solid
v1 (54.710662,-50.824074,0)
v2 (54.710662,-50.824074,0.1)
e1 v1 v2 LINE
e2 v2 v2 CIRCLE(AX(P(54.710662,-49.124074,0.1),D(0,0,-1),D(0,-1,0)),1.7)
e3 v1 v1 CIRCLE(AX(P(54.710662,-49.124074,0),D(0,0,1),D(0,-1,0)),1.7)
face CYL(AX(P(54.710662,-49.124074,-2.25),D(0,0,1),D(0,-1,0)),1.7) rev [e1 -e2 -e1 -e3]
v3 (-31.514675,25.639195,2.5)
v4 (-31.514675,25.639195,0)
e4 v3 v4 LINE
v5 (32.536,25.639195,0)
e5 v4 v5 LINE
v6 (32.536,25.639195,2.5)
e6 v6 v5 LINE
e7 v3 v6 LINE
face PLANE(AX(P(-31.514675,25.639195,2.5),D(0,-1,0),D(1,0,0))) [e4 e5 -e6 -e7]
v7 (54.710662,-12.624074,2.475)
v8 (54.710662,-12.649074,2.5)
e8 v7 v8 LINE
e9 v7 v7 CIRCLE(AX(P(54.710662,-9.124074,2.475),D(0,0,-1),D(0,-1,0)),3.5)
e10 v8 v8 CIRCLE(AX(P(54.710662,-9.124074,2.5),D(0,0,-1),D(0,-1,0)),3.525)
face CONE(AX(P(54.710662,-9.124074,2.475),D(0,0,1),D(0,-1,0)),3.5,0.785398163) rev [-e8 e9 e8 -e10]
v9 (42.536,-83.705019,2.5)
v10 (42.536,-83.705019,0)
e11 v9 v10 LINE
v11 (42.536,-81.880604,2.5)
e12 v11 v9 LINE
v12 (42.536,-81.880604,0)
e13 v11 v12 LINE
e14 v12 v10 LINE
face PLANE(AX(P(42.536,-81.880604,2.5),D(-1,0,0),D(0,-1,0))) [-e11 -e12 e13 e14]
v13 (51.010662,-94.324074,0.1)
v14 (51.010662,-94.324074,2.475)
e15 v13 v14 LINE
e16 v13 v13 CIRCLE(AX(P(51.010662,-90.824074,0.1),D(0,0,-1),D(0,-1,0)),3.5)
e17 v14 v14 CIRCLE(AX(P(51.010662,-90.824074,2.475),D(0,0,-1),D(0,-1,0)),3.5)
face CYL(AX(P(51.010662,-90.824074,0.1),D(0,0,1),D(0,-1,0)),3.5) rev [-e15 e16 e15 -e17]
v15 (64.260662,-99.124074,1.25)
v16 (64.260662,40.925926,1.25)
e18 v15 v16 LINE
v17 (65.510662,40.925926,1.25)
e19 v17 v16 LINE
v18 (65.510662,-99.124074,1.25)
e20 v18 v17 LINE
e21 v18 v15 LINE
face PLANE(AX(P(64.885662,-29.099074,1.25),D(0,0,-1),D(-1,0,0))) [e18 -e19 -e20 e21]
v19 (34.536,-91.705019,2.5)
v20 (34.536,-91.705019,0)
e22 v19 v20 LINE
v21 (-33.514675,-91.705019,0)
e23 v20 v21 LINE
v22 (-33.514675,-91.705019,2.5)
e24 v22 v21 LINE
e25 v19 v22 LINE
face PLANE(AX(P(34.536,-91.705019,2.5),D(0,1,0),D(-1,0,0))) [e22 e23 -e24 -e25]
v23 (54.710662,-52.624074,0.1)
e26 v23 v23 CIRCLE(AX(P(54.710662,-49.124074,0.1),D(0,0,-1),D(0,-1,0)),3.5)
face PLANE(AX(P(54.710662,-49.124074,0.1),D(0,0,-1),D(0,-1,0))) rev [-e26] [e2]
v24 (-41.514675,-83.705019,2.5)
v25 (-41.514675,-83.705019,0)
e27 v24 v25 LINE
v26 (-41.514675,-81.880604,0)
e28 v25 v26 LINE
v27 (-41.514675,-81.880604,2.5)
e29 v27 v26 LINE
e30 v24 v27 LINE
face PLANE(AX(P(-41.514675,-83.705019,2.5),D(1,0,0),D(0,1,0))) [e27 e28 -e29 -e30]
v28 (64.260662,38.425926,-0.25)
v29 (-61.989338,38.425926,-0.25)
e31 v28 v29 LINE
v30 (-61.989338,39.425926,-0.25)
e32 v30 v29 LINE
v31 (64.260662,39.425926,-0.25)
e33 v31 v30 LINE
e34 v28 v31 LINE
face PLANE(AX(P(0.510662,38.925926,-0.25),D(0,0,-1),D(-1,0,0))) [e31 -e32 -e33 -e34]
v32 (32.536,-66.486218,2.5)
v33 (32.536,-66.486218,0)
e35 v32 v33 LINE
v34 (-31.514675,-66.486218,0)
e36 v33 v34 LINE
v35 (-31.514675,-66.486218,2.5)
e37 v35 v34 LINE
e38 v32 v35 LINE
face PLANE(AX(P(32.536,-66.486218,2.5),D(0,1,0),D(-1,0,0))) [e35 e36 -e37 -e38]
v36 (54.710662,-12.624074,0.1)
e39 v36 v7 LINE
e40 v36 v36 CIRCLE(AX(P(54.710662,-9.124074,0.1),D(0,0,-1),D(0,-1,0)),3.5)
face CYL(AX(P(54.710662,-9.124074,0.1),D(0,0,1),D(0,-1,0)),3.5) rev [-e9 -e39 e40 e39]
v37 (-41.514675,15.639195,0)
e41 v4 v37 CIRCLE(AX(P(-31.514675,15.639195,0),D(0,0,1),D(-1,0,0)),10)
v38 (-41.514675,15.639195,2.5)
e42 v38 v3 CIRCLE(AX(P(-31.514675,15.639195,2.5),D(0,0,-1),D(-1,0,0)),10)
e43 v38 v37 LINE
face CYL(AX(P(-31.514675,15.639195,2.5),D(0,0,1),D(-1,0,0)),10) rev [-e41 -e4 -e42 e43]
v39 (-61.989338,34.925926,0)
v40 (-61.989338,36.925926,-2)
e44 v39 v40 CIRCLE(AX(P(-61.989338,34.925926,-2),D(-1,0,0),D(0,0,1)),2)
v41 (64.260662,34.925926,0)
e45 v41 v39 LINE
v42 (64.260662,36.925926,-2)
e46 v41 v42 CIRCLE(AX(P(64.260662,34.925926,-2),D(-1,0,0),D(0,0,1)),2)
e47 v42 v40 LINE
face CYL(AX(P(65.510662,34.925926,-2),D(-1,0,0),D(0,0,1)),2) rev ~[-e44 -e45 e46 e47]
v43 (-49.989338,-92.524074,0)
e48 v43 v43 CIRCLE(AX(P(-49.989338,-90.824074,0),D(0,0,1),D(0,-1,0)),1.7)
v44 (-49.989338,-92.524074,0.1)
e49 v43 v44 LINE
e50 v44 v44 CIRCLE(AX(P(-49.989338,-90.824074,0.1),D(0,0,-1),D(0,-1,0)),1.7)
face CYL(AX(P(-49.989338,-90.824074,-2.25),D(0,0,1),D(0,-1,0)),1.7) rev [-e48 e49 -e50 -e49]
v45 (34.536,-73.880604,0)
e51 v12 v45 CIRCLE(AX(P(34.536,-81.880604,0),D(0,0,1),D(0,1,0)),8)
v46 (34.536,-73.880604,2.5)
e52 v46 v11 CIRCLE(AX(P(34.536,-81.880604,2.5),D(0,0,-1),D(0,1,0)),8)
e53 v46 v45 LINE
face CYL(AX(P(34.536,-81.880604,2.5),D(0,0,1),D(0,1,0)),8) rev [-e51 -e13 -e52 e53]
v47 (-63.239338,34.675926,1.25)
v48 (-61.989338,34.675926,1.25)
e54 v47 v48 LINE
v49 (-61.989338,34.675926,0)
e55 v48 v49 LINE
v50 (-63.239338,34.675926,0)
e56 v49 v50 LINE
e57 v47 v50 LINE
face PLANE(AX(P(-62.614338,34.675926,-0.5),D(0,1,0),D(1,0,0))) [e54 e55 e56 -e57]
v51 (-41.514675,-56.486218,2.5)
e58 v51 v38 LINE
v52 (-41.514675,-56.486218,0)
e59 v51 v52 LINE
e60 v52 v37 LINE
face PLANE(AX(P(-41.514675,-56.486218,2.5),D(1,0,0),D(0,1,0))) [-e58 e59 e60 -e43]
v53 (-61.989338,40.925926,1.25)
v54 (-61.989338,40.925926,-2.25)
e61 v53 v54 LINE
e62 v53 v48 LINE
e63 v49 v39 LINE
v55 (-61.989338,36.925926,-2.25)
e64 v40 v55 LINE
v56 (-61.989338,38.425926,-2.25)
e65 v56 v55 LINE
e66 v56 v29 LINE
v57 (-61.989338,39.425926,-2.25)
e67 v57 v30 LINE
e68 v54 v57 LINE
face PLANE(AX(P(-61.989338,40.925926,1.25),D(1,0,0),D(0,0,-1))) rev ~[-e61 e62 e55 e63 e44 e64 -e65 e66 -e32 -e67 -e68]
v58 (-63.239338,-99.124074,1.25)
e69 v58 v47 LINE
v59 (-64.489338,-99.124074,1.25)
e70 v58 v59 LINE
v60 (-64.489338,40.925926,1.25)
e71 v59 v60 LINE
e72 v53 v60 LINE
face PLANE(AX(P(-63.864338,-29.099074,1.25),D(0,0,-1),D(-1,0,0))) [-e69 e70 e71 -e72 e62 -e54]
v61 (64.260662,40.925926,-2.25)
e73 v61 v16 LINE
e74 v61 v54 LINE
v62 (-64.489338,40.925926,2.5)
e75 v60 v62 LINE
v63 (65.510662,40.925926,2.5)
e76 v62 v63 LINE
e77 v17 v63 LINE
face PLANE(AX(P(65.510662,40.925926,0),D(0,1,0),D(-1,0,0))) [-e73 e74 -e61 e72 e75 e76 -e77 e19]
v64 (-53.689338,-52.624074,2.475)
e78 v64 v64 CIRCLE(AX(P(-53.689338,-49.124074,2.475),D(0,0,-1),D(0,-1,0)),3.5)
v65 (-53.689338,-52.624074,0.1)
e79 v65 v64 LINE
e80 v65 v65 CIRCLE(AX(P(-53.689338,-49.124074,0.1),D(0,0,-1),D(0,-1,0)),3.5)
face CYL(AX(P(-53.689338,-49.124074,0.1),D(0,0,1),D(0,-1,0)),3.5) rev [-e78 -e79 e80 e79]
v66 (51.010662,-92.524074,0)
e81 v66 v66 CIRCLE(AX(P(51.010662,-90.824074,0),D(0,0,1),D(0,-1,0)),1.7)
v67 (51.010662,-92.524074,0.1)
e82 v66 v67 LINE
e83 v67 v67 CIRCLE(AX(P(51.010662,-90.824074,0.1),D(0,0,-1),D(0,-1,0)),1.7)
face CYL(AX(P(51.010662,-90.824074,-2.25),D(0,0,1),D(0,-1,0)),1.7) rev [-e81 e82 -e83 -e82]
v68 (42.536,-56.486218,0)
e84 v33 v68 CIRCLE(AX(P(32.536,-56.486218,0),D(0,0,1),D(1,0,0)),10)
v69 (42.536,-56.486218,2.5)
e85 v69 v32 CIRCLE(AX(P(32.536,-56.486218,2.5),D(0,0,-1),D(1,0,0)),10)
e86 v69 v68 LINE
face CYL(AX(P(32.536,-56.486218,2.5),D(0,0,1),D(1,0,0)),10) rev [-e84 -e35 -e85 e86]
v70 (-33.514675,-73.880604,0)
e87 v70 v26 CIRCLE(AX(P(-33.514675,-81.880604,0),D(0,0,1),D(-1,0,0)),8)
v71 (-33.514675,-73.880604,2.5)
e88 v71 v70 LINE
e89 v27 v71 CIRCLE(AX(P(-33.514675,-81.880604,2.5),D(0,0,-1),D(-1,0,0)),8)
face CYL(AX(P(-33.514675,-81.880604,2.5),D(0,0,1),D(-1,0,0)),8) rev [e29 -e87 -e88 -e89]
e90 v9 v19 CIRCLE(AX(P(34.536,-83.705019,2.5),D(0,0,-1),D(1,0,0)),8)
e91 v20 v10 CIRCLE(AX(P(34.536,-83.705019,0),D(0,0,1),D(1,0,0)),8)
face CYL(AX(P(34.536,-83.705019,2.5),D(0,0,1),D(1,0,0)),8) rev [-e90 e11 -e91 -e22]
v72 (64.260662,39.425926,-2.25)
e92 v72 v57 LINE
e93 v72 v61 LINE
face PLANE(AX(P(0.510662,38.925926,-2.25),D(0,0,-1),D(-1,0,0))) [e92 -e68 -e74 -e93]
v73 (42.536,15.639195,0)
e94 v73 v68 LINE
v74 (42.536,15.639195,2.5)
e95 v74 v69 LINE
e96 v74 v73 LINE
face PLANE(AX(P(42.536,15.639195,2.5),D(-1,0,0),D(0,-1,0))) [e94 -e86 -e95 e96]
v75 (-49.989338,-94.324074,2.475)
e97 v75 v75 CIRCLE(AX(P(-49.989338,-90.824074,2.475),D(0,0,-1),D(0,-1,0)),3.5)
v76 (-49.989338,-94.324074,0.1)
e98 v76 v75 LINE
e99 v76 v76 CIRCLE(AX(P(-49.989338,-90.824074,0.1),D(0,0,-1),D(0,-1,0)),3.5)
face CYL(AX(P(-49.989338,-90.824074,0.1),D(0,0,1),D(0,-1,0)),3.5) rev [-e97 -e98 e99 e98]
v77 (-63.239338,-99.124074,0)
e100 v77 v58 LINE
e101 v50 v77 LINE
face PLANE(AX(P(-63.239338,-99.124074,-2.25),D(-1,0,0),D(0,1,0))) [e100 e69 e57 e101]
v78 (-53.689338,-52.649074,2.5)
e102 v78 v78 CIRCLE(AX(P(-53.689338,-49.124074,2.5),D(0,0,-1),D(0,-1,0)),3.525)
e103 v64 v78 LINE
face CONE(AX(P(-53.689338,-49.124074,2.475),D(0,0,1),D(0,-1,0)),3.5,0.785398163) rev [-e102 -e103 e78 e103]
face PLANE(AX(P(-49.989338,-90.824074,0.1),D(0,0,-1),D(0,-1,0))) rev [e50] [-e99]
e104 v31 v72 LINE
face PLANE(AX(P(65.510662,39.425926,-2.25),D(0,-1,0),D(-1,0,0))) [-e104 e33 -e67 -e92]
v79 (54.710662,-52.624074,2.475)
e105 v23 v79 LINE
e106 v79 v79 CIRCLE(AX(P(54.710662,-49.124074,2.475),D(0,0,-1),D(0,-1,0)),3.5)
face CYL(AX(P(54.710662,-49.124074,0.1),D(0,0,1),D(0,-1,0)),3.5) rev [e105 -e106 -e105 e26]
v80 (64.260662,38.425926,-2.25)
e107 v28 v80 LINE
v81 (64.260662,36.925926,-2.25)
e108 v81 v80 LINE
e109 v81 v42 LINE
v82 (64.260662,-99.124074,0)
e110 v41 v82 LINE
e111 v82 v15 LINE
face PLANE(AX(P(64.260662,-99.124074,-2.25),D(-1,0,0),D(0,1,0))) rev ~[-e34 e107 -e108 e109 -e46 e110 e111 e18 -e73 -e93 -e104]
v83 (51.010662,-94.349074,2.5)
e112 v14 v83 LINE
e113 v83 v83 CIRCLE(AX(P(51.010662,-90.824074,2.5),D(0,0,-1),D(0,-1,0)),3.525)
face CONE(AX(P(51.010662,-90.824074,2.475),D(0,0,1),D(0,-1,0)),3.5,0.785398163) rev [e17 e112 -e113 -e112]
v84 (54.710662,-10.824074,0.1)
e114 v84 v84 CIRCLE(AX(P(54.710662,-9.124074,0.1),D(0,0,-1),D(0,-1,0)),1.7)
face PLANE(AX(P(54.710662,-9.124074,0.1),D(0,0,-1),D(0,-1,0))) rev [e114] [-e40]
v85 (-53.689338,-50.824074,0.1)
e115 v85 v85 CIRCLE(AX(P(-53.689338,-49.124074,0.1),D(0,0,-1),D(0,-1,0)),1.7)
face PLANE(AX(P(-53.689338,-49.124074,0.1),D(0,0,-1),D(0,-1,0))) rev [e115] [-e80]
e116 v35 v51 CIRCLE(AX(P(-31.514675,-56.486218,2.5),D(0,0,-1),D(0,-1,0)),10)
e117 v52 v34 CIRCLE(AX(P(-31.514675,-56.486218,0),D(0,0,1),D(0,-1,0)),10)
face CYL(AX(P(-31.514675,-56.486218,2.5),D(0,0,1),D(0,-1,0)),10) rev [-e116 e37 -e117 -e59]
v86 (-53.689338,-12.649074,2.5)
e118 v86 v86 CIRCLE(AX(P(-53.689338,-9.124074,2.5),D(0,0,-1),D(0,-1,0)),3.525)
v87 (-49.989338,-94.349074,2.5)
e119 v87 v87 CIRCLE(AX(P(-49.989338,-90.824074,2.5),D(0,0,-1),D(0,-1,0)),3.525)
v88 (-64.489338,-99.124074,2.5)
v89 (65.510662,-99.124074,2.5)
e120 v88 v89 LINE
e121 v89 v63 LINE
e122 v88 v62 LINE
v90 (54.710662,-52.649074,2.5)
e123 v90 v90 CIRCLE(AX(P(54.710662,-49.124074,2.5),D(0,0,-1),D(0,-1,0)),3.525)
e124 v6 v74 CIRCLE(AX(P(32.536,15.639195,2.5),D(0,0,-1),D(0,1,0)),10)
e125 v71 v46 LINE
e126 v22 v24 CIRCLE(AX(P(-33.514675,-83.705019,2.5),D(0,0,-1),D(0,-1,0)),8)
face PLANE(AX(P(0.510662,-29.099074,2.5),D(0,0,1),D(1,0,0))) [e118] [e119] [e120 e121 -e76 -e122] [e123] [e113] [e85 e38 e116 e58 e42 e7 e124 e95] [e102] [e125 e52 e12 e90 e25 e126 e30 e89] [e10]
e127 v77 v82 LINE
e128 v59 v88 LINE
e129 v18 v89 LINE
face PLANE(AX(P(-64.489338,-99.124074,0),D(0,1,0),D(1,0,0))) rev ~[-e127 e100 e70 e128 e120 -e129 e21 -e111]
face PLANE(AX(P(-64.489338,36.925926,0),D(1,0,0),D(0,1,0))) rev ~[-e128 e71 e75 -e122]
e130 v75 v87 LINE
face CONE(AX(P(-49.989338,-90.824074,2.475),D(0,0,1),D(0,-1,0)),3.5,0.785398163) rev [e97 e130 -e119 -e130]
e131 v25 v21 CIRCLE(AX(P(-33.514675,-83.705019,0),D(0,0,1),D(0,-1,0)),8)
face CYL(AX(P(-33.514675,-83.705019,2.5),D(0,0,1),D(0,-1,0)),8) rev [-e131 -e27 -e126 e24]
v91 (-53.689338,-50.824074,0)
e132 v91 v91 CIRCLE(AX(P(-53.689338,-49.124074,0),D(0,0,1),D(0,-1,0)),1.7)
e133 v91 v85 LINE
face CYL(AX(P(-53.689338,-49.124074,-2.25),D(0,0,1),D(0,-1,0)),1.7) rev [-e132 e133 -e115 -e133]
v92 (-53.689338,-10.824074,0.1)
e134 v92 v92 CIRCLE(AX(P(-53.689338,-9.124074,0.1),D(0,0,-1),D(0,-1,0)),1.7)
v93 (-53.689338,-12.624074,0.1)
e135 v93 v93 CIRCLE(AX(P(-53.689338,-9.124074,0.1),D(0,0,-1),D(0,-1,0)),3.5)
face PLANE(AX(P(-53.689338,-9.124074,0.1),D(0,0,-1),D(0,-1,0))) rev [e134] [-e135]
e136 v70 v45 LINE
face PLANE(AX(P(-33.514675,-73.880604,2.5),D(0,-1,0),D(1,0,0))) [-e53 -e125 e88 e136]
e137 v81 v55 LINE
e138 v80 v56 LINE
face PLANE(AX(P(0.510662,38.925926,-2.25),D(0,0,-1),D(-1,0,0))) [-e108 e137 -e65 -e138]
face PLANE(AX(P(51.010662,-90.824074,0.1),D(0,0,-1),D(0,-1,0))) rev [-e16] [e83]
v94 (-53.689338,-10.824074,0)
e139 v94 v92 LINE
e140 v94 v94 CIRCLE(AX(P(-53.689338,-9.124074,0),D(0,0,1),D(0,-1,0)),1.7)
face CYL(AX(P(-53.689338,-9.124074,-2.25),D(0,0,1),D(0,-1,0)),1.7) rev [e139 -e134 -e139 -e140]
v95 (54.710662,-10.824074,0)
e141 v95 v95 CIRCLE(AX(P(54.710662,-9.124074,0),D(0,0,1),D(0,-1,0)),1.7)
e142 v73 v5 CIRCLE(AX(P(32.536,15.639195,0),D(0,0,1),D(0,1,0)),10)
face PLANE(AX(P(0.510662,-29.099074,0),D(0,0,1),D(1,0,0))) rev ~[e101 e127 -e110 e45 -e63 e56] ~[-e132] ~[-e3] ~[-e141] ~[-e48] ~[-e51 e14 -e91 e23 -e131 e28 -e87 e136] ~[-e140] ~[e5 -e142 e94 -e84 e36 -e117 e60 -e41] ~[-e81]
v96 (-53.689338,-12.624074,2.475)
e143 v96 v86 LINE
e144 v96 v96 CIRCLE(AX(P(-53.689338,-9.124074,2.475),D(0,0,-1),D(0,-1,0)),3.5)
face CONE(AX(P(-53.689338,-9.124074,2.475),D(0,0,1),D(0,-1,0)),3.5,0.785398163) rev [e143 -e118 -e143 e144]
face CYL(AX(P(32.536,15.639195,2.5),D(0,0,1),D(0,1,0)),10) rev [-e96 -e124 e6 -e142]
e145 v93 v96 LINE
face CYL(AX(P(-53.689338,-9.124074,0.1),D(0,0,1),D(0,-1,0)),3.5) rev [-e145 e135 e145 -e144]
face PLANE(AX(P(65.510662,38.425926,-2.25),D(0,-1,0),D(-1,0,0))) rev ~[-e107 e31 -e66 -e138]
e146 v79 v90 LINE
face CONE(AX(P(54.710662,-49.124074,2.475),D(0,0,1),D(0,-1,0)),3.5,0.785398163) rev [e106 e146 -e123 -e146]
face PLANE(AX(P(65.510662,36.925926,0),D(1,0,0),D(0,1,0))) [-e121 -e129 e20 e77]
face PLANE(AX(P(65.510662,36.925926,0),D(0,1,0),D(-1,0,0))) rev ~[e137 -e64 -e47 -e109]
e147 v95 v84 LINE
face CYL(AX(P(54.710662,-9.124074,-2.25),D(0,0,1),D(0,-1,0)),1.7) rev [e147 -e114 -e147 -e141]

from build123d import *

# Parameters (mm, degrees)
ESBO_O1_W                                      = 130
ESBO_O1_H                                      = 140.05
RESSALTO_EXTRUS_O1_DEPTH                       = 2.5
ESBO_O2_W                                      = 130
ESBO_O2_H                                      = 4
RESSALTO_EXTRUS_O2_DEPTH                       = 2.25
FILETE1_R                                      = 2
ESBO_O3_W                                      = 130
ESBO_O3_H                                      = 1
CORTE_EXTRUS_O1_DEPTH                          = 2
ESBO_O6_W                                      = 1.25
ESBO_O6_H                                      = 140.05
CORTE_EXTRUS_O2_DEPTH                          = 3.5
ESBO_O8_W                                      = 1.25
ESBO_O8_H                                      = 3.5
CORTE_EXTRUS_O3_DEPTH                          = 6.25
REBAIXO_PARA_PARAFUSO_COM_CABE_A_PAN_2_COUNT   = 2
REBAIXO_PARA_PARAFUSO_COM_CABE_A_PAN_2_PITCH   = 40
REBAIXO_PARA_PARAFUSO_COM_CABE_A_PAN_3_COUNT   = 2
REBAIXO_PARA_PARAFUSO_COM_CABE_A_PAN_3_PITCH   = 108.4
REBAIXO_PARA_PARAFUSO_COM_CABE_A_PAN_4_COUNT   = 2
REBAIXO_PARA_PARAFUSO_COM_CABE_A_PAN_4_PITCH   = 115.544623415
CORTE_EXTRUS_O5_DEPTH                          = 8.25
REBAIXO_PARA_PARAFUSO_COM_CABE_A_PAN_5_A_COUNT = 2
REBAIXO_PARA_PARAFUSO_COM_CABE_A_PAN_5_A_PITCH = 101


with BuildPart() as part:
    # Esboço1 → Ressalto-extrusão1 (new body)
    with BuildSketch(Plane.XY):
        with Locations((0.510662177, -29.099074074)):
            Rectangle(ESBO_O1_W, ESBO_O1_H)
    extrude(amount=RESSALTO_EXTRUS_O1_DEPTH)

    # Esboço2 → Ressalto-extrusão2 (add)
    with BuildSketch(Plane(origin=(0, 0, 0), x_dir=(-1, 0, 0), z_dir=(0, 0, -1))):
        with Locations((-0.510662177, 38.925925926)):
            Rectangle(ESBO_O2_W, ESBO_O2_H)
    extrude(amount=RESSALTO_EXTRUS_O2_DEPTH)

    # Filete1
    filete1_edges = [part.edges().sort_by_distance(p)[0] for p in [
        (0.510662177, 36.925925926, 0),
    ]]
    fillet(filete1_edges, radius=FILETE1_R)

    # Esboço3 → Corte-extrusão1 (cut)
    with BuildSketch(Plane(origin=(0, 0, -2.25), x_dir=(-1, 0, 0), z_dir=(0, 0, -1))):
        with Locations((-0.510662177, 38.925925926)):
            Rectangle(ESBO_O3_W, ESBO_O3_H)
    extrude(amount=-CORTE_EXTRUS_O1_DEPTH, mode=Mode.SUBTRACT)

    # Esboço6 → Corte-extrusão2 (cut)
    with BuildSketch(Plane(origin=(0, 0, -2.25), x_dir=(-1, 0, 0), z_dir=(0, 0, -1))):
        with Locations((-64.885662177, -29.099074074)):
            Rectangle(ESBO_O6_W, ESBO_O6_H)
        with Locations((63.864337823, -29.099074074)):
            Rectangle(ESBO_O6_W, ESBO_O6_H)
    extrude(amount=-CORTE_EXTRUS_O2_DEPTH, mode=Mode.SUBTRACT)

    # Esboço8 → Corte-extrusão3 (cut)
    with BuildSketch(Plane(origin=(0, 40.925925926, 0), x_dir=(1, 0, 0), z_dir=(0, 1, 0))):
        with Locations((-62.614337823, 0.5)):
            Rectangle(ESBO_O8_W, ESBO_O8_H)
    extrude(amount=-CORTE_EXTRUS_O3_DEPTH, mode=Mode.SUBTRACT)

    # Esboço12 → Rebaixo para parafuso com cabe_a panela (revolve, cut)
    with BuildSketch(Plane(origin=(-53.689337823, -9.124074074, 2.5), x_dir=(0, -1, 0), z_dir=(1, 0, 0))):
        Polygon((0, 0), (0, 4.75), (1.7, 4.75), (1.7, 2.4), (3.5, 2.4), (3.5, 0.025), (3.525, 0), align=None)
    rebaixo_para_parafuso_com_cabe_a_panela = revolve(axis=Axis((-53.689337823, -9.124074074, 8.85), (0, 0, -1)), mode=Mode.SUBTRACT)

    # Rebaixo para parafuso com cabe_a pan 2: Rebaixo para parafuso com cabe_a panela ×2
    with Locations(*[(0, -i * REBAIXO_PARA_PARAFUSO_COM_CABE_A_PAN_2_PITCH, 0) for i in range(1, REBAIXO_PARA_PARAFUSO_COM_CABE_A_PAN_2_COUNT)]):
        add(rebaixo_para_parafuso_com_cabe_a_panela, mode=Mode.SUBTRACT)

    # Rebaixo para parafuso com cabe_a pan 3: Rebaixo para parafuso com cabe_a panela ×2
    with Locations(*[(i * REBAIXO_PARA_PARAFUSO_COM_CABE_A_PAN_3_PITCH, 0, 0) for i in range(1, REBAIXO_PARA_PARAFUSO_COM_CABE_A_PAN_3_COUNT)]):
        add(rebaixo_para_parafuso_com_cabe_a_panela, mode=Mode.SUBTRACT)

    # Rebaixo para parafuso com cabe_a pan 4: Rebaixo para parafuso com cabe_a panela ×2
    with Locations(*[Vector(0.9381656783035653, -0.3461865971599872, 0) * (i * REBAIXO_PARA_PARAFUSO_COM_CABE_A_PAN_4_PITCH) for i in range(1, REBAIXO_PARA_PARAFUSO_COM_CABE_A_PAN_4_COUNT)]):
        add(rebaixo_para_parafuso_com_cabe_a_panela, mode=Mode.SUBTRACT)

    # Esboço13 → Corte-extrusão5 (cut)
    with BuildSketch(Plane.XY.offset(2.5)):
        with BuildLine():
            Line((32.535999817, -66.48621762), (-31.514675462, -66.48621762))
            ThreePointArc((-31.514675462, -66.48621762), (-38.585743274, -63.557285432), (-41.514675462, -56.48621762))
            Line((-41.514675462, -56.48621762), (-41.514675462, 15.639195022))
            ThreePointArc((-41.514675462, 15.639195022), (-38.585743274, 22.710262834), (-31.514675462, 25.639195022))
            Line((-31.514675462, 25.639195022), (32.535999817, 25.639195022))
            ThreePointArc((32.535999817, 25.639195022), (39.607067629, 22.710262834), (42.535999817, 15.639195022))
            Line((42.535999817, 15.639195022), (42.535999817, -56.48621762))
            ThreePointArc((42.535999817, -56.48621762), (39.607067629, -63.557285432), (32.535999817, -66.48621762))
        make_face()
        with BuildLine():
            Line((34.535999817, -91.70501851), (-33.514675462, -91.70501851))
            ThreePointArc((-33.514675462, -91.70501851), (-39.171529712, -89.361872759), (-41.514675462, -83.70501851))
            Line((-41.514675462, -83.70501851), (-41.514675462, -81.880603518))
            ThreePointArc((-41.514675462, -81.880603518), (-39.171529712, -76.223749269), (-33.514675462, -73.880603518))
            Line((-33.514675462, -73.880603518), (34.535999817, -73.880603518))
            ThreePointArc((34.535999817, -73.880603518), (40.192854066, -76.223749269), (42.535999817, -81.880603518))
            Line((42.535999817, -81.880603518), (42.535999817, -83.70501851))
            ThreePointArc((42.535999817, -83.70501851), (40.192854066, -89.361872759), (34.535999817, -91.70501851))
        make_face()
    extrude(amount=-CORTE_EXTRUS_O5_DEPTH, mode=Mode.SUBTRACT)

    # Esboço16 → Rebaixo para parafuso com cabe_a pan 5 (revolve, cut)
    with BuildSketch(Plane(origin=(-49.989337823, -90.824074074, 2.5), x_dir=(0, -1, 0), z_dir=(1, 0, 0))):
        Polygon((0, 0), (0, 4.75), (1.7, 4.75), (1.7, 2.4), (3.5, 2.4), (3.5, 0.025), (3.525, 0), align=None)
    rebaixo_para_parafuso_com_cabe_a_pan_5 = revolve(axis=Axis((-49.989337823, -90.824074074, 8.85), (0, 0, -1)), mode=Mode.SUBTRACT)

    # Rebaixo para parafuso com cabe_a pan 5 a: Rebaixo para parafuso com cabe_a pan 5 ×2
    with Locations(*[(i * REBAIXO_PARA_PARAFUSO_COM_CABE_A_PAN_5_A_PITCH, 0, 0) for i in range(1, REBAIXO_PARA_PARAFUSO_COM_CABE_A_PAN_5_A_COUNT)]):
        add(rebaixo_para_parafuso_com_cabe_a_pan_5, mode=Mode.SUBTRACT)


solid = part.part
